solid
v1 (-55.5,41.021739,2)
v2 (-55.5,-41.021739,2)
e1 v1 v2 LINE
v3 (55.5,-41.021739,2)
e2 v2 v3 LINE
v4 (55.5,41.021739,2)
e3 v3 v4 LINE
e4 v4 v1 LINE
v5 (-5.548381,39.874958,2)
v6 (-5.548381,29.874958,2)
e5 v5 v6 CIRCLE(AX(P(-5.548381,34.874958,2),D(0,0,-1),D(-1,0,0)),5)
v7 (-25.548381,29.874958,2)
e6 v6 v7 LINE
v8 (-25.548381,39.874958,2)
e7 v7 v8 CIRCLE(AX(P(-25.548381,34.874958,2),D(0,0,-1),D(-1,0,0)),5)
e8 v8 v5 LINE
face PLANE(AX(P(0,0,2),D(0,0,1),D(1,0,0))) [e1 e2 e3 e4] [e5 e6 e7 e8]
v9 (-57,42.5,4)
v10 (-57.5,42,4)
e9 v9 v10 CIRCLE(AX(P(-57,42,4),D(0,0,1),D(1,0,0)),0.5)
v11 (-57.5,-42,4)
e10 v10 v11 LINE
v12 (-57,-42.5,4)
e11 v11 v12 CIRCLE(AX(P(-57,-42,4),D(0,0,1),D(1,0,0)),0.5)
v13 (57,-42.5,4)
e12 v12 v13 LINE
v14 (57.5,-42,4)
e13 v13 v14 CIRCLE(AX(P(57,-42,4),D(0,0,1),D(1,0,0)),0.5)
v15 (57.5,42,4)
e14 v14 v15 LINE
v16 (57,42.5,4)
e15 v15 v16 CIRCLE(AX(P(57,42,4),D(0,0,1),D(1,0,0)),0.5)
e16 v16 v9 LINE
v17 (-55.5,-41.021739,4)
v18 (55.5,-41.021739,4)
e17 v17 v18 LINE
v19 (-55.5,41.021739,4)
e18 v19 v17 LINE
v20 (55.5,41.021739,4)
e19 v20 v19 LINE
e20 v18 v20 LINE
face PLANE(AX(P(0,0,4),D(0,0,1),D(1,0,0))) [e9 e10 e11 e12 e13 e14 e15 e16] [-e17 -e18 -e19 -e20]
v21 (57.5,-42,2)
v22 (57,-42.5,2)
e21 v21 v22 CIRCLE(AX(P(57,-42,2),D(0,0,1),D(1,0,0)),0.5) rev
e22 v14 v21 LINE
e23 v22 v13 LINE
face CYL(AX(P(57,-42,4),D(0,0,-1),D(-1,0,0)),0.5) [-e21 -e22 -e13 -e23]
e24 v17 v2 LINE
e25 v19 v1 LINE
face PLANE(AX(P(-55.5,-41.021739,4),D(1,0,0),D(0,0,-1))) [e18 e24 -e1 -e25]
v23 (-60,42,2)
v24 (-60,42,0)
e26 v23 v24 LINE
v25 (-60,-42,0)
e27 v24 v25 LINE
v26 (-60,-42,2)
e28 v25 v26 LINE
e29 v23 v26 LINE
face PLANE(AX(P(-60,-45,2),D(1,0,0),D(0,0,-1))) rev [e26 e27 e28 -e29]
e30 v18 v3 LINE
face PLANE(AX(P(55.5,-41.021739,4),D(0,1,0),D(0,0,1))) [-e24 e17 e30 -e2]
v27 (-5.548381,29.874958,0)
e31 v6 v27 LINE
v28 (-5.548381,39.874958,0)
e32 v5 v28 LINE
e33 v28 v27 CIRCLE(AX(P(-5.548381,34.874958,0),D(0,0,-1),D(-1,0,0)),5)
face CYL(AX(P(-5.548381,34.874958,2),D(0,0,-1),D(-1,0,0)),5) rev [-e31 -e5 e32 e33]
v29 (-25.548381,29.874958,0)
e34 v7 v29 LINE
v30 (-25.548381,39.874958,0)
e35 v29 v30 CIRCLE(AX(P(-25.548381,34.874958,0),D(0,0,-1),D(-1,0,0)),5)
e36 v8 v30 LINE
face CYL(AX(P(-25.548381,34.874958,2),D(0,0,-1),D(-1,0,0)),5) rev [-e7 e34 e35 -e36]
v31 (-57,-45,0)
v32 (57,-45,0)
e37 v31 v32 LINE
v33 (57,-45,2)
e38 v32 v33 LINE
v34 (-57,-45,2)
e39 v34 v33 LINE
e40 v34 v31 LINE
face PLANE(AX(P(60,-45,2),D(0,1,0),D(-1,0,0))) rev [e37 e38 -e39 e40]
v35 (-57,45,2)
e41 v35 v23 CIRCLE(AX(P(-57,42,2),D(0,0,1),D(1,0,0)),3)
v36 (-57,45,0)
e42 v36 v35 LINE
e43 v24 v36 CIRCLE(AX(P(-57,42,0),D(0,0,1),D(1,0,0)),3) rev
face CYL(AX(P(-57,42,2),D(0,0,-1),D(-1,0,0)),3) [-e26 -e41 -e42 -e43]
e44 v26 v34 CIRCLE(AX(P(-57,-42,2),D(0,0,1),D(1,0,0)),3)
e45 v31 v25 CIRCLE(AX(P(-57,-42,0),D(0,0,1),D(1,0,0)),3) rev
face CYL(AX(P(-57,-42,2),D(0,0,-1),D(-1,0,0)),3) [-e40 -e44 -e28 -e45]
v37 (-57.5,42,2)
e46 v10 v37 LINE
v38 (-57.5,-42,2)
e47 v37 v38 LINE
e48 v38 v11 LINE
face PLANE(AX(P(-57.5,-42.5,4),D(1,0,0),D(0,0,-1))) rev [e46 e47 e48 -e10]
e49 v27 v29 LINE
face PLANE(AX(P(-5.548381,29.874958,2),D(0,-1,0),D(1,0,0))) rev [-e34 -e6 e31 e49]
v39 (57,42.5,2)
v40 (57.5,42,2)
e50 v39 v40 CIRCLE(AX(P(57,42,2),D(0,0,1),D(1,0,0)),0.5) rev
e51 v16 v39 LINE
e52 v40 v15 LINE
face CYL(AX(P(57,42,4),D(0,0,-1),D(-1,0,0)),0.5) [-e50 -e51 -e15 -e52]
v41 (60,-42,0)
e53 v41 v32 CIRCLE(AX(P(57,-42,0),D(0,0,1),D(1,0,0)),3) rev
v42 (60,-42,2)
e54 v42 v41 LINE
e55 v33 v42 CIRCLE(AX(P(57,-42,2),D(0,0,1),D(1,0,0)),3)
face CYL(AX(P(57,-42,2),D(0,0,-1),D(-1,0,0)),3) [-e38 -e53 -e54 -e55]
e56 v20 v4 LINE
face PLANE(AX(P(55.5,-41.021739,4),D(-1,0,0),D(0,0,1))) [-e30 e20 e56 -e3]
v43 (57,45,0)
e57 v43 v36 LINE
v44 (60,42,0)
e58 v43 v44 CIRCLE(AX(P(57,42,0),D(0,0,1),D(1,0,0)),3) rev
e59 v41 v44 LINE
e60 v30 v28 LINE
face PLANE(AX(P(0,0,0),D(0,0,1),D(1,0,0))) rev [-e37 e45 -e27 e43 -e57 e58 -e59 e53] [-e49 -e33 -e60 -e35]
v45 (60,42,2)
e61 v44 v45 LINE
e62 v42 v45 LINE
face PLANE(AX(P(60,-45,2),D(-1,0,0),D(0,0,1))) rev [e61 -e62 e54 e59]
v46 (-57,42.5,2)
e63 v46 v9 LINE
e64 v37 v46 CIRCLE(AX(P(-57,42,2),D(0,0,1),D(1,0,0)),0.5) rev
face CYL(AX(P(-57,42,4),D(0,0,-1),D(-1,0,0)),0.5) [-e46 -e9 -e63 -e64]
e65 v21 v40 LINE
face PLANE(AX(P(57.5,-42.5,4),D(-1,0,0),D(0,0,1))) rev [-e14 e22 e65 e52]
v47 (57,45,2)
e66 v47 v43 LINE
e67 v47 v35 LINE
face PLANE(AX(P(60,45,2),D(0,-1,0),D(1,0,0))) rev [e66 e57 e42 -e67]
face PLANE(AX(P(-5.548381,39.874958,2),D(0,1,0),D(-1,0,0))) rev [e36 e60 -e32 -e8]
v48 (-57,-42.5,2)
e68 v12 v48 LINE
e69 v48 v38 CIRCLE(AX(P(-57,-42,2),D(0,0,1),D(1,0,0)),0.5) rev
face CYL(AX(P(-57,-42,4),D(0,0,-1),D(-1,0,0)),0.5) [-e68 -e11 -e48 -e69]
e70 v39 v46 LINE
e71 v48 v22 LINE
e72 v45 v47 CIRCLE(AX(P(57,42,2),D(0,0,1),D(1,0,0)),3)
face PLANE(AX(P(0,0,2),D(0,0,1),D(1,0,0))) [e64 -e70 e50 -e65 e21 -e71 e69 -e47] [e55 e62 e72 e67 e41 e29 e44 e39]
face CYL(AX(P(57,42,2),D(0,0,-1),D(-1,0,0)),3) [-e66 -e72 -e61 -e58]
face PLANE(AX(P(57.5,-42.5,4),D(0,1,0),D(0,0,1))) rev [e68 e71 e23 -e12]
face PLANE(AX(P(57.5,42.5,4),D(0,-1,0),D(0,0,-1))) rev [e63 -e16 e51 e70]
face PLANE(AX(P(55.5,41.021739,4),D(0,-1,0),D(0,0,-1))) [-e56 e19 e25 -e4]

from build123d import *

# Parameters (mm, degrees)
ESQUISSE1_W             = 120
ESQUISSE1_H             = 90
BOSS_EXTRU_1_DEPTH      = 2
ESQUISSE2_W             = 115
ESQUISSE2_H             = 85
ESQUISSE2_W_2           = 111
ESQUISSE2_H_2           = 82.04347826
BOSS_EXTRU_2_DEPTH      = 2
ENL_V_MAT_EXTRU_1_DEPTH = 2
CONG_1_R                = 3
CONG_2_R                = 0.5


with BuildPart() as part:
    # Esquisse1 → Boss.-Extru.1 (new body)
    with BuildSketch(Plane.XY):
        Rectangle(ESQUISSE1_W, ESQUISSE1_H)
    extrude(amount=BOSS_EXTRU_1_DEPTH)

    # Esquisse2 → Boss.-Extru.2 (add)
    with BuildSketch(Plane.XY.offset(2)):
        Rectangle(ESQUISSE2_W, ESQUISSE2_H)
        Rectangle(ESQUISSE2_W_2, ESQUISSE2_H_2, mode=Mode.SUBTRACT)
    extrude(amount=BOSS_EXTRU_2_DEPTH)

    # Esquisse3 → Enlèv. mat.-Extru.1 (cut)
    with BuildSketch(Plane(origin=(0, 0, 0), x_dir=(-1, 0, 0), z_dir=(0, 0, -1))):
        with BuildLine():
            Line((5.548380707, 39.874958244), (25.548380707, 39.874958244))
            ThreePointArc((25.548380707, 39.874958244), (30.548380707, 34.874958244), (25.548380707, 29.874958244))
            Line((25.548380707, 29.874958244), (5.548380707, 29.874958244))
            ThreePointArc((5.548380707, 29.874958244), (0.548380707, 34.874958244), (5.548380707, 39.874958244))
        make_face()
    extrude(amount=-ENL_V_MAT_EXTRU_1_DEPTH, mode=Mode.SUBTRACT)

    # Congé1
    cong_1_edges = [part.edges().sort_by_distance(p)[0] for p in [
        (-60, 45, 1),
        (60, 45, 1),
        (60, -45, 1),
        (-60, -45, 1),
    ]]
    fillet(cong_1_edges, radius=CONG_1_R)

    # Congé2
    cong_2_edges = [part.edges().sort_by_distance(p)[0] for p in [
        (-57.5, 42.5, 3),
        (-57.5, -42.5, 3),
        (57.5, -42.5, 3),
        (57.5, 42.5, 3),
    ]]
    fillet(cong_2_edges, radius=CONG_2_R)


solid = part.part
